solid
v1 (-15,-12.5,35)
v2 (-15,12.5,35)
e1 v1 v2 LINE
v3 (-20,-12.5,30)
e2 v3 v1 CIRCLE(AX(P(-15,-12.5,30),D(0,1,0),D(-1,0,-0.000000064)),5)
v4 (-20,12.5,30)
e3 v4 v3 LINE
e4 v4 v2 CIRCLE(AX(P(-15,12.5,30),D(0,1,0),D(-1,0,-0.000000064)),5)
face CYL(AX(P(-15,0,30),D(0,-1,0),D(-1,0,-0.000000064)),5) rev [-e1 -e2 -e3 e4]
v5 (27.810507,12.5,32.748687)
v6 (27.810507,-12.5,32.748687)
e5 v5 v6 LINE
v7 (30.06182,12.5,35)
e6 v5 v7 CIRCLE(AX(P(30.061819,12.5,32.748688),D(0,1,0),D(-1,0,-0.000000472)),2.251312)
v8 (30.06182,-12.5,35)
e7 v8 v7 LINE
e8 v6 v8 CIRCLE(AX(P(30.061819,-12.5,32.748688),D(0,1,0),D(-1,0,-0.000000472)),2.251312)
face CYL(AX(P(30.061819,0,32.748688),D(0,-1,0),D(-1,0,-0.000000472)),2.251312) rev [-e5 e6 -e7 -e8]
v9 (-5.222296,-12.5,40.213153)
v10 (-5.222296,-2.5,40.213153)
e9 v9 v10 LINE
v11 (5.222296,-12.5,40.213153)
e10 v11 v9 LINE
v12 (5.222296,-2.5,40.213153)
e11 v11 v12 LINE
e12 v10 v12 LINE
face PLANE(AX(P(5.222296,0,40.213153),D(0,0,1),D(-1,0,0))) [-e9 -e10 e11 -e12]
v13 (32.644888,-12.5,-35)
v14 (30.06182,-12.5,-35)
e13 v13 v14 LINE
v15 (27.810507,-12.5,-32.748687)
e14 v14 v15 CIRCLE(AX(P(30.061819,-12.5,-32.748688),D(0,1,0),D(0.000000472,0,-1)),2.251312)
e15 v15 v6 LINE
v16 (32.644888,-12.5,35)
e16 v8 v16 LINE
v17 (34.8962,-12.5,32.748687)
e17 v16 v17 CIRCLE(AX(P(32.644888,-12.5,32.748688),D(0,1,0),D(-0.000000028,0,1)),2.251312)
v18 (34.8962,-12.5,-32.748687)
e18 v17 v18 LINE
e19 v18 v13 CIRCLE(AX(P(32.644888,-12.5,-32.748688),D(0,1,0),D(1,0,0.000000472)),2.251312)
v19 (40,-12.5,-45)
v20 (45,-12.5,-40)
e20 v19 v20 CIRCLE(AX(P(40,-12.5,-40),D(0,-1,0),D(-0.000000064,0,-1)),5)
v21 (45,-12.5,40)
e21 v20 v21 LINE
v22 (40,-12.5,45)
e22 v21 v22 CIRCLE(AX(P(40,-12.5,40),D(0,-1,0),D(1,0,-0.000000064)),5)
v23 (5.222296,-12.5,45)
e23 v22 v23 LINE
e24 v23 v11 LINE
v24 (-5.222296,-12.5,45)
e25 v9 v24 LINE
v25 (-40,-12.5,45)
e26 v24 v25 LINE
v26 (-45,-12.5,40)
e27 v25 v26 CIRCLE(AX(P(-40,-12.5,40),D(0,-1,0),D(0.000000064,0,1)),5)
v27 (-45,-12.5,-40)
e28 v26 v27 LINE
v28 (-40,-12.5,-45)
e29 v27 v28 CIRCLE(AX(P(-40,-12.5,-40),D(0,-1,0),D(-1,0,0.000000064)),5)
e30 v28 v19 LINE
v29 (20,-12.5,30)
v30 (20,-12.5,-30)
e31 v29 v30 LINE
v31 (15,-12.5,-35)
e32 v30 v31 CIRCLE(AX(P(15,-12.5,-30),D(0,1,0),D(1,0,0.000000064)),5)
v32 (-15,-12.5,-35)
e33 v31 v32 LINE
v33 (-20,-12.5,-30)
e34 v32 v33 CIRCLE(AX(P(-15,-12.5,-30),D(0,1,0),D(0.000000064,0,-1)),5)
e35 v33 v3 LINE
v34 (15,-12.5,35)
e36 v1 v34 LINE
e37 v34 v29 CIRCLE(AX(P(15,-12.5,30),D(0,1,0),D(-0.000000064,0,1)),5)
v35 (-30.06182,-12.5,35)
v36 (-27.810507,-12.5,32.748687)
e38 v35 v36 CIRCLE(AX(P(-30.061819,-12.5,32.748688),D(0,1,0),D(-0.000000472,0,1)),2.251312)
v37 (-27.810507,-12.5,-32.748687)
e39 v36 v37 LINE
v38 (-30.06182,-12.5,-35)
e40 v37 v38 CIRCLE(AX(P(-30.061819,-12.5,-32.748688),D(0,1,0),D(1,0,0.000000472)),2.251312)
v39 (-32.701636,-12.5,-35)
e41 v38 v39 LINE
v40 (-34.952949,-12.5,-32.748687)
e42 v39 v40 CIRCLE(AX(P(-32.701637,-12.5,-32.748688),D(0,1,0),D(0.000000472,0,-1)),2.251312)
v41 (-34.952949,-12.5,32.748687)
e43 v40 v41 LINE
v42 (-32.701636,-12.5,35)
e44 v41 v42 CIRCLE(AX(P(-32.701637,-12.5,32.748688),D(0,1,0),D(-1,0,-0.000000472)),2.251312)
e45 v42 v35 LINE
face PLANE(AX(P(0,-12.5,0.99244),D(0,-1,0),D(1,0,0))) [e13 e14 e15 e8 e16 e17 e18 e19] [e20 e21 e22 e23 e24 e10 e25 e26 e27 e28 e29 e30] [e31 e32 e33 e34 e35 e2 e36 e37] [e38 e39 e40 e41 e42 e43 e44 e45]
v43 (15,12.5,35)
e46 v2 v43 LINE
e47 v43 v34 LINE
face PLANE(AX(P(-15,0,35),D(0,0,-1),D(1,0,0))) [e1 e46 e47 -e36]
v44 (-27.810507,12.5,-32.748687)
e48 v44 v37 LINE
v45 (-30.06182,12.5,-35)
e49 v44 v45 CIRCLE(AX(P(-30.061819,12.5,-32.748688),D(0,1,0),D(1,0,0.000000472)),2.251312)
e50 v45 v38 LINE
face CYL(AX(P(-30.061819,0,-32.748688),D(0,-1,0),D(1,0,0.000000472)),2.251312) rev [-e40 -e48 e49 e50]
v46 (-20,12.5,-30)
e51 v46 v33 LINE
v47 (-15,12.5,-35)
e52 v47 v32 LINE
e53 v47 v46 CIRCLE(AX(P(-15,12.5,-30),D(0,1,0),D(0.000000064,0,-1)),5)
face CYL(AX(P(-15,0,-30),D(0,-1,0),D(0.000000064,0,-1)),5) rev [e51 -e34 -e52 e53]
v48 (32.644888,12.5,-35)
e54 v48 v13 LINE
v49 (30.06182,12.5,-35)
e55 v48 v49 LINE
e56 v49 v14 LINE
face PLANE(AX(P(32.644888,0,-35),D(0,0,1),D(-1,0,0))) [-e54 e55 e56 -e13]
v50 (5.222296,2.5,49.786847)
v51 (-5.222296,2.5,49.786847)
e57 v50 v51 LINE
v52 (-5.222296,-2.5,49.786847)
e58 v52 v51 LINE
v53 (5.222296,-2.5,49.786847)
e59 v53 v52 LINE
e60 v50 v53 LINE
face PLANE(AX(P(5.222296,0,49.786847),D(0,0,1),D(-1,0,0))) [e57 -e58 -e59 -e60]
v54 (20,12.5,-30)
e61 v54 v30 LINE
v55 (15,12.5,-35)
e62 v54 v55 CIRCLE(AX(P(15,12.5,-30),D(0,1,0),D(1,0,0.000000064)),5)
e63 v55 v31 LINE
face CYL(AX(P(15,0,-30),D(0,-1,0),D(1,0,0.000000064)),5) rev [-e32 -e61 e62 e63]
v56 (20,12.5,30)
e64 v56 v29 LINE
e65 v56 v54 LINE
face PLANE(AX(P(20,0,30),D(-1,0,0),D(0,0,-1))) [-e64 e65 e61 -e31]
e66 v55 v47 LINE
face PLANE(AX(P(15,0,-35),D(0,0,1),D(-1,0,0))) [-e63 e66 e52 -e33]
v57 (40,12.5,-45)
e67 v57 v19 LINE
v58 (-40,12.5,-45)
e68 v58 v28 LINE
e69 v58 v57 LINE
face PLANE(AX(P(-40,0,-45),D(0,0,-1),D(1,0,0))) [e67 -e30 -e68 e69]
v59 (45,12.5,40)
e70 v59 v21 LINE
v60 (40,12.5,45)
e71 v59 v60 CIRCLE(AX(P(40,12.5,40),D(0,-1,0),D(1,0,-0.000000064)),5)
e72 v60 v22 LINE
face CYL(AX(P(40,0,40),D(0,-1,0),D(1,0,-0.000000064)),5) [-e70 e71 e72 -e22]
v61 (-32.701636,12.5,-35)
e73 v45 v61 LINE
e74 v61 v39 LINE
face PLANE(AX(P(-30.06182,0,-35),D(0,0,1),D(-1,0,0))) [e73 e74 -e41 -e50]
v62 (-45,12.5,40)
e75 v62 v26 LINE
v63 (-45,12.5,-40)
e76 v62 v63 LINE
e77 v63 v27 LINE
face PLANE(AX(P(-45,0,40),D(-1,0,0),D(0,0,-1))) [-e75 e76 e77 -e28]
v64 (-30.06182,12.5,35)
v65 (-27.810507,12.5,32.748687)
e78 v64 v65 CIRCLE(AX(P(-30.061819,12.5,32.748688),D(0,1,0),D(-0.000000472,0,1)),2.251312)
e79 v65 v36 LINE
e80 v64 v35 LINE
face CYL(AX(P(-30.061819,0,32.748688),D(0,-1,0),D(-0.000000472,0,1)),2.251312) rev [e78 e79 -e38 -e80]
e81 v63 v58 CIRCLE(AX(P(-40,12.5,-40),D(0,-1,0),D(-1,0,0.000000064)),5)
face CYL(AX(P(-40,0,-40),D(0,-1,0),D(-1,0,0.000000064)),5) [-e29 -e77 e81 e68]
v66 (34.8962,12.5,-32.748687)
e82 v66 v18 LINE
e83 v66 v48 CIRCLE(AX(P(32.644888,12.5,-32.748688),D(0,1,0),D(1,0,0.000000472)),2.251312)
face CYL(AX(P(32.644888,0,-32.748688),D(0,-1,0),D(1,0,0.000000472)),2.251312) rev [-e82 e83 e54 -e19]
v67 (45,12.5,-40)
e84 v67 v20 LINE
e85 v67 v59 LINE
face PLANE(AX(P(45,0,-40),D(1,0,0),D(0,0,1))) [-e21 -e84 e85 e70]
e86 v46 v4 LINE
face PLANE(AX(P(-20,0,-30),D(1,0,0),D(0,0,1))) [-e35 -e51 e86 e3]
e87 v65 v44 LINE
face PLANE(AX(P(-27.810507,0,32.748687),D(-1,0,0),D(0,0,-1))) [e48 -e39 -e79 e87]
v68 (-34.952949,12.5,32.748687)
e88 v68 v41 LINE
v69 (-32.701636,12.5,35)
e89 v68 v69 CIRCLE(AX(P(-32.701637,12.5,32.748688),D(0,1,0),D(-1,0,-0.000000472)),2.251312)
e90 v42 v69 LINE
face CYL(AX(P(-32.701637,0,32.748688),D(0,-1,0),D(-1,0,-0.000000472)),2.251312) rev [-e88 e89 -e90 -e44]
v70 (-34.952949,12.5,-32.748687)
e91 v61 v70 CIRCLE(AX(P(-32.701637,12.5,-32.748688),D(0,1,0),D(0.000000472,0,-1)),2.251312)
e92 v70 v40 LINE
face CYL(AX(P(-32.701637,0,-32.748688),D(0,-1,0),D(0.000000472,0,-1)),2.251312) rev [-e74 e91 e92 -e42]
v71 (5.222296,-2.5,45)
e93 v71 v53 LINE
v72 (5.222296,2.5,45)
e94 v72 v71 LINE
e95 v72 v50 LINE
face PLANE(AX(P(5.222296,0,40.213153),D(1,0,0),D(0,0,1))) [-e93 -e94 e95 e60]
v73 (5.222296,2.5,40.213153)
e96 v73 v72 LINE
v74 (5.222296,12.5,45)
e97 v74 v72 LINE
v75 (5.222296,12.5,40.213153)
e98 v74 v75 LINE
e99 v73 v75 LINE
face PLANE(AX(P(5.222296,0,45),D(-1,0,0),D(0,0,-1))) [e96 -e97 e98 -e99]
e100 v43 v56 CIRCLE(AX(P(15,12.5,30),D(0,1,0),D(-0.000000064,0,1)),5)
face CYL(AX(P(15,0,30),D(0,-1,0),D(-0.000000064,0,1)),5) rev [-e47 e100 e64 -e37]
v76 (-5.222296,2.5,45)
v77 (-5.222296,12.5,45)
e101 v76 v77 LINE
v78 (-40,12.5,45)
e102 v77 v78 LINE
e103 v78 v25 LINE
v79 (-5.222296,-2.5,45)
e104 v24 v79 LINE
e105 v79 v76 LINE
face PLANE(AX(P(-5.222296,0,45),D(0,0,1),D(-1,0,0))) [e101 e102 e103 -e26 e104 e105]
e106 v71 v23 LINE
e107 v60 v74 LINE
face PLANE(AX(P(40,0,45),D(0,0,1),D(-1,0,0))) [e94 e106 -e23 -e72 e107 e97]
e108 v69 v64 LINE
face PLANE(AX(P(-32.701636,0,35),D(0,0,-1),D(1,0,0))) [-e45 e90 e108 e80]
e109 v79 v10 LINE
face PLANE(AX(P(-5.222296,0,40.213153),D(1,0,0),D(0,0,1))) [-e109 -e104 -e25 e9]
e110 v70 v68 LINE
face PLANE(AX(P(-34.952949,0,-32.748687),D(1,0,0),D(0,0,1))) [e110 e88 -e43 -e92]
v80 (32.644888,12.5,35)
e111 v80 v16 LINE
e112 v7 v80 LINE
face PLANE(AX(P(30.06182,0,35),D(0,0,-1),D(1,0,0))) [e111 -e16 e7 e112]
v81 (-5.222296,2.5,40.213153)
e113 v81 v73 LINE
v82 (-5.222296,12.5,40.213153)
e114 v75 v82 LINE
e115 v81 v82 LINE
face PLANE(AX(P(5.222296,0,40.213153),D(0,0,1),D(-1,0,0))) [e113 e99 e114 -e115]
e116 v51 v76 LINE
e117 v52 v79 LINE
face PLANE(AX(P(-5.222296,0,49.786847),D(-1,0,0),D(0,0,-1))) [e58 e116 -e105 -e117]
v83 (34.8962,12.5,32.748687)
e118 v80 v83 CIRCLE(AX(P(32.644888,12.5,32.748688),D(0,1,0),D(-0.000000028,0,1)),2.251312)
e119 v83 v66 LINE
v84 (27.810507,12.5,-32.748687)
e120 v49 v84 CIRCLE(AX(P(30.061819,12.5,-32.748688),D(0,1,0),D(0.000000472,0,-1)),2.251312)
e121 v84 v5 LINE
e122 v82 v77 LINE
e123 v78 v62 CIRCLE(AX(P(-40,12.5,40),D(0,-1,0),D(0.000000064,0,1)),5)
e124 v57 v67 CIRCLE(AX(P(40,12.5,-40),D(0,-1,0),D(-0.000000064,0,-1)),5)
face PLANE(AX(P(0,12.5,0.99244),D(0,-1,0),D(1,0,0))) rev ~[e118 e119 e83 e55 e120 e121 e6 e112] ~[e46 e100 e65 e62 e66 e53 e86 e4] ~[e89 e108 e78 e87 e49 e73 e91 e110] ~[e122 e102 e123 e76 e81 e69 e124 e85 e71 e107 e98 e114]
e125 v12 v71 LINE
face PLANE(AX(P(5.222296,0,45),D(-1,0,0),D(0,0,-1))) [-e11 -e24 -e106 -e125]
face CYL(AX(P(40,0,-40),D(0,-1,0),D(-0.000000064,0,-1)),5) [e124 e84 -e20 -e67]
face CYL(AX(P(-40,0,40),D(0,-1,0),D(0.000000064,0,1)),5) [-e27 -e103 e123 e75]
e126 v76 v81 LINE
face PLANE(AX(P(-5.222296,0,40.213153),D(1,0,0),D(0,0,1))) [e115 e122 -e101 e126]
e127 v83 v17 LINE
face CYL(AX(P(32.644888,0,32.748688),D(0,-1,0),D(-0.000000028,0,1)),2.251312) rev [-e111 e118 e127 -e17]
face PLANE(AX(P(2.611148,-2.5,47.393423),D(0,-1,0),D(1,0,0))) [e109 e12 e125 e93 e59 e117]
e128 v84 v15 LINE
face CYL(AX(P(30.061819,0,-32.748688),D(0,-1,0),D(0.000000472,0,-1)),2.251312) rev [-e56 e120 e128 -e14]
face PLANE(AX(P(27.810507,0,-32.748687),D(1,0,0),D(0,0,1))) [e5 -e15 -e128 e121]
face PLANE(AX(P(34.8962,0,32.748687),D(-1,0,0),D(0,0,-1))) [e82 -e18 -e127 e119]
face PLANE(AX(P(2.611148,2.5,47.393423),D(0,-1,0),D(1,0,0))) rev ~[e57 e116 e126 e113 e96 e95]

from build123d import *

# Parameters (mm, degrees)
F0_W     = 5.222296
F0_H     = 4.786847
F1_DEPTH = 2.5
F2_DEPTH = 12.5


with BuildPart() as f1:
    # F0 (on Front) → F1 (new body, symmetric)
    with BuildSketch(Plane.XZ):
        with Locations((2.611148, 47.393423)):
            Rectangle(F0_W, F0_H)
        with Locations((-2.611148, 47.393423)):
            Rectangle(F0_W, F0_H)
        Polygon((0, 45), (-5.222296, 45), (-5.222296, 40.213153), (5.222296, 40.213153), (5.222296, 45), align=None)
    extrude(amount=F1_DEPTH, both=True)

    # F0 (on Front) → F2 (join, symmetric)
    with BuildSketch(Plane.XZ):
        with BuildLine():
            Line((-5.222296, 45), (-40, 45))
            ThreePointArc((-40, 45), (-43.535534, 43.535534), (-45, 40))
            Line((-45, 40), (-45, -40))
            ThreePointArc((-45, -40), (-43.535534, -43.535534), (-40, -45))
            Line((-40, -45), (40, -45))
            ThreePointArc((40, -45), (43.535534, -43.535534), (45, -40))
            Line((45, -40), (45, 40))
            ThreePointArc((45, 40), (43.535534, 43.535534), (40, 45))
            Line((40, 45), (5.222296, 45))
            Line((5.222296, 45), (5.222296, 40.213153))
            Line((5.222296, 40.213153), (-5.222296, 40.213153))
            Line((-5.222296, 40.213153), (-5.222296, 45))
        make_face()
        with BuildLine():
            Line((3.352741, 35), (8.352741, 35))
            Line((8.352741, 35), (15, 35))
            Line((15, 35), (27.810507, 35))
            Line((27.810507, 35), (30.06182, 35))
            Line((30.06182, 35), (32.644888, 35))
            ThreePointArc((32.644888, 35), (34.236806, 34.340606), (34.8962, 32.748687))
            Line((34.8962, 32.748687), (34.8962, -32.748687))
            ThreePointArc((34.8962, -32.748687), (34.236806, -34.340606), (32.644888, -35))
            Line((32.644888, -35), (30.06182, -35))
            Line((30.06182, -35), (27.810507, -35))
            Line((27.810507, -35), (15, -35))
            Line((15, -35), (8.352741, -35))
            Line((8.352741, -35), (3.352741, -35))
            Line((3.352741, -35), (0, -35))
            Line((0, -35), (-3.352741, -35))
            Line((-3.352741, -35), (-8.352741, -35))
            Line((-8.352741, -35), (-15, -35))
            Line((-15, -35), (-27.810507, -35))
            Line((-27.810507, -35), (-30.06182, -35))
            Line((-30.06182, -35), (-32.701636, -35))
            ThreePointArc((-32.701636, -35), (-34.293555, -34.340606), (-34.952949, -32.748687))
            Line((-34.952949, -32.748687), (-34.952949, 32.748687))
            ThreePointArc((-34.952949, 32.748687), (-34.293555, 34.340606), (-32.701636, 35))
            Line((-32.701636, 35), (-30.06182, 35))
            Line((-30.06182, 35), (-27.810507, 35))
            Line((-27.810507, 35), (-15, 35))
            Line((-15, 35), (-8.352741, 35))
            Line((-8.352741, 35), (-3.352741, 35))
            Line((-3.352741, 35), (0, 35))
            Line((0, 35), (3.352741, 35))
        make_face(mode=Mode.SUBTRACT)
        with BuildLine():
            ThreePointArc((-20, 30), (-18.535534, 33.535534), (-15, 35))
            Line((-15, 35), (-27.810507, 35))
            Line((-27.810507, 35), (-30.06182, 35))
            ThreePointArc((-30.06182, 35), (-28.469901, 34.340606), (-27.810507, 32.748687))
            Line((-27.810507, 32.748687), (-27.810507, -32.748687))
            ThreePointArc((-27.810507, -32.748687), (-28.469901, -34.340606), (-30.06182, -35))
            Line((-30.06182, -35), (-27.810507, -35))
            Line((-27.810507, -35), (-15, -35))
            ThreePointArc((-15, -35), (-18.535534, -33.535534), (-20, -30))
            Line((-20, -30), (-20, 30))
        make_face()
        with BuildLine():
            Line((27.810507, 35), (15, 35))
            ThreePointArc((15, 35), (18.535534, 33.535534), (20, 30))
            Line((20, 30), (20, -30))
            ThreePointArc((20, -30), (18.535534, -33.535534), (15, -35))
            Line((15, -35), (27.810507, -35))
            Line((27.810507, -35), (30.06182, -35))
            ThreePointArc((30.06182, -35), (28.469901, -34.340606), (27.810507, -32.748687))
            Line((27.810507, -32.748687), (27.810507, 32.748687))
            ThreePointArc((27.810507, 32.748687), (28.469901, 34.340606), (30.06182, 35))
            Line((30.06182, 35), (27.810507, 35))
        make_face()
    extrude(amount=F2_DEPTH, both=True)


solid = f1.part
